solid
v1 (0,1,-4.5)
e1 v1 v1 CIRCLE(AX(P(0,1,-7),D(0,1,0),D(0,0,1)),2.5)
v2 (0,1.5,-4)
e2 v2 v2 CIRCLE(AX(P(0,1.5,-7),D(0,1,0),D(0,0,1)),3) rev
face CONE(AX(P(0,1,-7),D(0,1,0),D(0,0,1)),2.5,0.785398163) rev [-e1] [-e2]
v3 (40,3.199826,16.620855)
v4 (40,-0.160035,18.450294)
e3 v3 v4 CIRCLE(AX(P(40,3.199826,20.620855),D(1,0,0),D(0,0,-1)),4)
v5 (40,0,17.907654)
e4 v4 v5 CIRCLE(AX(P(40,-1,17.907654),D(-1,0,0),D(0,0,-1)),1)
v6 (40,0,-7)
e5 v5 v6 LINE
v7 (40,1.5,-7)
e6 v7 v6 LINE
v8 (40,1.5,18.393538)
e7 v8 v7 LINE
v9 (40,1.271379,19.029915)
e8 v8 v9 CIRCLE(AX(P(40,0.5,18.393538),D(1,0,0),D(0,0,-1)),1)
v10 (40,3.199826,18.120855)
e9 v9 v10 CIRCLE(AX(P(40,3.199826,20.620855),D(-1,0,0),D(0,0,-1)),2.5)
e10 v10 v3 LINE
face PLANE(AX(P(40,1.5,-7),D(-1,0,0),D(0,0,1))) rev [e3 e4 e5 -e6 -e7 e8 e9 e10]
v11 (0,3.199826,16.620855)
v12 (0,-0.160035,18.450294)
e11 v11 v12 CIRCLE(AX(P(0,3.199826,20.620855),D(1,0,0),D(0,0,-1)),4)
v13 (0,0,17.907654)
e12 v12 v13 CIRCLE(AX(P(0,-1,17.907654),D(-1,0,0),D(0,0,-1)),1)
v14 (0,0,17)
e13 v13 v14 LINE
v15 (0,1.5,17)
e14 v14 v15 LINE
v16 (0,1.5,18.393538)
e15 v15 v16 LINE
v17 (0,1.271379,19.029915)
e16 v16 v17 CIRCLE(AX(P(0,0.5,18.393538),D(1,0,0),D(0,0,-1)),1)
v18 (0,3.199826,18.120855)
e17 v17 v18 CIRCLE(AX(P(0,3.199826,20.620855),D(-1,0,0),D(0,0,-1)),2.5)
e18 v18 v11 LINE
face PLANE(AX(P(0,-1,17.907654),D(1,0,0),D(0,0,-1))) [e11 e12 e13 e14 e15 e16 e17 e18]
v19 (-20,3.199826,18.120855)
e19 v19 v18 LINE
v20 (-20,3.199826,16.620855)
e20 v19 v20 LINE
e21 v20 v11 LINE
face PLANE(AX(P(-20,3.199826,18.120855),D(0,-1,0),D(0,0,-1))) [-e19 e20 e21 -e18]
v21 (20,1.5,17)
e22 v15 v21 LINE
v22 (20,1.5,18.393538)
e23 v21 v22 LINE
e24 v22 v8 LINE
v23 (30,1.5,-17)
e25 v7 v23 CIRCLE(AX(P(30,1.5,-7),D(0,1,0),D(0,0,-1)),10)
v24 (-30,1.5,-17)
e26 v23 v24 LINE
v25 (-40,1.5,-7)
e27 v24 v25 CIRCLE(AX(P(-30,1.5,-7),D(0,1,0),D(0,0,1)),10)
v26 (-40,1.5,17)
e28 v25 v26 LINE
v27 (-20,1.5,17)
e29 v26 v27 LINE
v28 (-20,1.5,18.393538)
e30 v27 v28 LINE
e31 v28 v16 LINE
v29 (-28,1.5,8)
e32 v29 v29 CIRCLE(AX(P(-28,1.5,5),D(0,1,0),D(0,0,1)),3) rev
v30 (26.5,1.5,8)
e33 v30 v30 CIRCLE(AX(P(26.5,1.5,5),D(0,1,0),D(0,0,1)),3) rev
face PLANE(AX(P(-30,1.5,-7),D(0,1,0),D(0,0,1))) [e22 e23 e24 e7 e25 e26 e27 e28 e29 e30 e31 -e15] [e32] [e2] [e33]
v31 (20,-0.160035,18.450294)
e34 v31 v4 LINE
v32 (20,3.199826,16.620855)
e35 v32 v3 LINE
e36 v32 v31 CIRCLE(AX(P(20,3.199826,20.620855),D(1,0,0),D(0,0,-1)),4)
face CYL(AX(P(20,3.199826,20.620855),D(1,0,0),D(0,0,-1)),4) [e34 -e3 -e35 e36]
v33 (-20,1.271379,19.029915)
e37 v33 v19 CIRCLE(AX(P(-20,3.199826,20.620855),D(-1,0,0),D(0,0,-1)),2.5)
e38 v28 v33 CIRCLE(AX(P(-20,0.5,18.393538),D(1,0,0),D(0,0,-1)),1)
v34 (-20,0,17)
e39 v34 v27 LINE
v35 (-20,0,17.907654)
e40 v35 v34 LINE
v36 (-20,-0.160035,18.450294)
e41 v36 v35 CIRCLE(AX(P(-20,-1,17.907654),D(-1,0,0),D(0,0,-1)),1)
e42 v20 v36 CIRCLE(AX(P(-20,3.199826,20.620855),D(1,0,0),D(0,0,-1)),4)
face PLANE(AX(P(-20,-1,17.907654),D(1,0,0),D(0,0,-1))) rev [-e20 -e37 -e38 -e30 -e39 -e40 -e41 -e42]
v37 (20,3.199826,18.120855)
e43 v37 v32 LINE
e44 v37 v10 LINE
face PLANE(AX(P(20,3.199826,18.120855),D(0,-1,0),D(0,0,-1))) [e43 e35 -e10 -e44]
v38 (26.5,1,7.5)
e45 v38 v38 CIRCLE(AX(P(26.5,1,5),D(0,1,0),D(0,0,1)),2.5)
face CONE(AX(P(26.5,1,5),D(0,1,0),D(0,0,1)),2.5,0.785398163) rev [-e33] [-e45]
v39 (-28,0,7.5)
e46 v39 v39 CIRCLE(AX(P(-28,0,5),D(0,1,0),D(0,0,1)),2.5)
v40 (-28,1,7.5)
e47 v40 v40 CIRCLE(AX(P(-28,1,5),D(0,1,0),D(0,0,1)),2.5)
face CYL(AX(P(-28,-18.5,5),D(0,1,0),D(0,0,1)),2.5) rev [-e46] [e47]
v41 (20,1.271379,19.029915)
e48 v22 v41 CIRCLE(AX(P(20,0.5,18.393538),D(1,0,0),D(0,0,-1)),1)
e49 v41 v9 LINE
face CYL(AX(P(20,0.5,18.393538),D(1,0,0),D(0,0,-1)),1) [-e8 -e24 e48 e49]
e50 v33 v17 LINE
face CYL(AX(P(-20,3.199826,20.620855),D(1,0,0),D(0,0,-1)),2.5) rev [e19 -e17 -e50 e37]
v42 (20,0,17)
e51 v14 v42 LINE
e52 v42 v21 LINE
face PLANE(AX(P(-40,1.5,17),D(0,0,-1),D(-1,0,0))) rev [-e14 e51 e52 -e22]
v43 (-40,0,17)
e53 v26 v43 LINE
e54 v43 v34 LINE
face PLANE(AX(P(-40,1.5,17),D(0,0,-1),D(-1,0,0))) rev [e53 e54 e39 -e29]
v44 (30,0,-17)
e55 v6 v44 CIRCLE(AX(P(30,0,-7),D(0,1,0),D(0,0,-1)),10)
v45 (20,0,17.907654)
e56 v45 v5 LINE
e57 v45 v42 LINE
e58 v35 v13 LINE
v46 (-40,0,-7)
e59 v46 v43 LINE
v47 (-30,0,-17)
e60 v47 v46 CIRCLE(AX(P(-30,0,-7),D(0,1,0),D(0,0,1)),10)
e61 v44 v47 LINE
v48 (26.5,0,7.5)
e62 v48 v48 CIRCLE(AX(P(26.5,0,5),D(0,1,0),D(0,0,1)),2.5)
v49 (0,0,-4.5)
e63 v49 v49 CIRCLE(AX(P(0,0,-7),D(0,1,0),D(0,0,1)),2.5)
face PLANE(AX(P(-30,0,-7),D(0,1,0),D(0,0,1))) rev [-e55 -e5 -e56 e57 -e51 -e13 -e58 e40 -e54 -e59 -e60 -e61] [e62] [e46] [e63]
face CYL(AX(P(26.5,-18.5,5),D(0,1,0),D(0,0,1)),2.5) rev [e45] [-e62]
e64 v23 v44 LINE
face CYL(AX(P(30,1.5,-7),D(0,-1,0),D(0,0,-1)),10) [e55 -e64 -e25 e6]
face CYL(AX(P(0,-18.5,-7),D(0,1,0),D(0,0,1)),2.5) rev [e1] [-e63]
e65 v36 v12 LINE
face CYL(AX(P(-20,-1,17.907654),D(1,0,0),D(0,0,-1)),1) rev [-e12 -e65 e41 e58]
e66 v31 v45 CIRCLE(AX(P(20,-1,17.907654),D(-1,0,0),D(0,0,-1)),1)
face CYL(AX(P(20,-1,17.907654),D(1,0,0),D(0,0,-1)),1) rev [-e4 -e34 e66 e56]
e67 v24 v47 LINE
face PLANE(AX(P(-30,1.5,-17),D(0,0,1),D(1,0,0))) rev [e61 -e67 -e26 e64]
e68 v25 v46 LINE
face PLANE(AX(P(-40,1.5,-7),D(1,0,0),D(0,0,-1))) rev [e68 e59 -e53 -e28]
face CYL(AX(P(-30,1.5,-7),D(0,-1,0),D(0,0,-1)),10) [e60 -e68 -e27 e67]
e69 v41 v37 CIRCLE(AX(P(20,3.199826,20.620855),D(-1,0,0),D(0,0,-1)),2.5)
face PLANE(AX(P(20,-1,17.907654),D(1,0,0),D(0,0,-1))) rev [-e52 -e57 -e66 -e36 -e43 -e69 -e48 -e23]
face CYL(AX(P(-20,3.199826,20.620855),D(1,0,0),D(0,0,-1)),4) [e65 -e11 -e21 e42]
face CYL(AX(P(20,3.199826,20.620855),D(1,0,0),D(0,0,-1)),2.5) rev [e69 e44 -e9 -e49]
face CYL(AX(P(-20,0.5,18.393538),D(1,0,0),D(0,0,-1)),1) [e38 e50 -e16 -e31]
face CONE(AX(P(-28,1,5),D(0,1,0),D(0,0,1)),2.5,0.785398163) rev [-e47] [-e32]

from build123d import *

# Parameters (mm, degrees)
BOSS_EXTRUDE1_DEPTH = 1.5
BOSS_EXTRUDE2_DEPTH = 20
LPATTERN1_COUNT     = 2
LPATTERN1_PITCH     = 40
SKETCH6_R           = 2.5
CUT_EXTRUDE1_DEPTH  = 20
CHAMFER2_SIZE       = 0.5


with BuildPart() as part:
    # Sketch1 → Boss-Extrude1 (new body)
    with BuildSketch(Plane(origin=(0, 0, 0), x_dir=(1, 0, 0), z_dir=(0, 1, 0))):
        with BuildLine():
            Line((-30, 17), (30, 17))
            ThreePointArc((30, 17), (37.071067812, 14.071067812), (40, 7))
            Line((40, 7), (40, -17))
            Line((40, -17), (-40, -17))
            Line((-40, -17), (-40, 7))
            ThreePointArc((-40, 7), (-37.071067812, 14.071067812), (-30, 17))
        make_face()
    extrude(amount=BOSS_EXTRUDE1_DEPTH)

    # Sketch3 → Boss-Extrude2 (add)
    with BuildSketch(Plane(origin=(40, 0, 0), x_dir=(0, 0, -1), z_dir=(1, 0, 0))):
        with BuildLine():
            Line((-17, 0), (-17.907653586, 0))
            ThreePointArc((-17.907653586, 0), (-18.19052708, -0.040842773), (-18.450293899, -0.160034828))
            ThreePointArc((-18.450293899, -0.160034828), (-24.133848537, 5.112645111), (-16.620855154, 3.199825859))
            Line((-16.620855154, 3.199825859), (-18.120855154, 3.199825859))
            ThreePointArc((-18.120855154, 3.199825859), (-22.882198948, 4.265810965), (-19.02991455, 1.271378817))
            ThreePointArc((-19.02991455, 1.271378817), (-18.731636803, 1.441110731), (-18.393538309, 1.5))
            Line((-18.393538309, 1.5), (-17, 1.5))
            Line((-17, 1.5), (-17, 0))
        make_face()
    boss_extrude2 = extrude(amount=-BOSS_EXTRUDE2_DEPTH)

    # LPattern1: Boss-Extrude2 ×2
    with Locations(*[(-i * LPATTERN1_PITCH, 0, 0) for i in range(1, LPATTERN1_COUNT)]):
        add(boss_extrude2)

    # Sketch6 → Cut-Extrude1 (cut)
    with BuildSketch(Plane(origin=(0, 1.5, 0), x_dir=(1, 0, 0), z_dir=(0, 1, 0))):
        with Locations(Location((-28, -5, 0), (0, 0, 270))):
            Circle(SKETCH6_R)
        with Locations(Location((0, 7, 0), (0, 0, 270))):
            Circle(SKETCH6_R)
        with Locations(Location((26.5, -5, 0), (0, 0, 270))):
            Circle(SKETCH6_R)
    extrude(amount=-CUT_EXTRUDE1_DEPTH, mode=Mode.SUBTRACT)

    # Chamfer2
    chamfer2_edges = [part.edges().sort_by_distance(p)[0] for p in [
        (-28, 1.5, 2.5),
        (0, 1.5, -9.5),
        (26.5, 1.5, 2.5),
    ]]
    chamfer(chamfer2_edges, length=CHAMFER2_SIZE)


solid = part.part
